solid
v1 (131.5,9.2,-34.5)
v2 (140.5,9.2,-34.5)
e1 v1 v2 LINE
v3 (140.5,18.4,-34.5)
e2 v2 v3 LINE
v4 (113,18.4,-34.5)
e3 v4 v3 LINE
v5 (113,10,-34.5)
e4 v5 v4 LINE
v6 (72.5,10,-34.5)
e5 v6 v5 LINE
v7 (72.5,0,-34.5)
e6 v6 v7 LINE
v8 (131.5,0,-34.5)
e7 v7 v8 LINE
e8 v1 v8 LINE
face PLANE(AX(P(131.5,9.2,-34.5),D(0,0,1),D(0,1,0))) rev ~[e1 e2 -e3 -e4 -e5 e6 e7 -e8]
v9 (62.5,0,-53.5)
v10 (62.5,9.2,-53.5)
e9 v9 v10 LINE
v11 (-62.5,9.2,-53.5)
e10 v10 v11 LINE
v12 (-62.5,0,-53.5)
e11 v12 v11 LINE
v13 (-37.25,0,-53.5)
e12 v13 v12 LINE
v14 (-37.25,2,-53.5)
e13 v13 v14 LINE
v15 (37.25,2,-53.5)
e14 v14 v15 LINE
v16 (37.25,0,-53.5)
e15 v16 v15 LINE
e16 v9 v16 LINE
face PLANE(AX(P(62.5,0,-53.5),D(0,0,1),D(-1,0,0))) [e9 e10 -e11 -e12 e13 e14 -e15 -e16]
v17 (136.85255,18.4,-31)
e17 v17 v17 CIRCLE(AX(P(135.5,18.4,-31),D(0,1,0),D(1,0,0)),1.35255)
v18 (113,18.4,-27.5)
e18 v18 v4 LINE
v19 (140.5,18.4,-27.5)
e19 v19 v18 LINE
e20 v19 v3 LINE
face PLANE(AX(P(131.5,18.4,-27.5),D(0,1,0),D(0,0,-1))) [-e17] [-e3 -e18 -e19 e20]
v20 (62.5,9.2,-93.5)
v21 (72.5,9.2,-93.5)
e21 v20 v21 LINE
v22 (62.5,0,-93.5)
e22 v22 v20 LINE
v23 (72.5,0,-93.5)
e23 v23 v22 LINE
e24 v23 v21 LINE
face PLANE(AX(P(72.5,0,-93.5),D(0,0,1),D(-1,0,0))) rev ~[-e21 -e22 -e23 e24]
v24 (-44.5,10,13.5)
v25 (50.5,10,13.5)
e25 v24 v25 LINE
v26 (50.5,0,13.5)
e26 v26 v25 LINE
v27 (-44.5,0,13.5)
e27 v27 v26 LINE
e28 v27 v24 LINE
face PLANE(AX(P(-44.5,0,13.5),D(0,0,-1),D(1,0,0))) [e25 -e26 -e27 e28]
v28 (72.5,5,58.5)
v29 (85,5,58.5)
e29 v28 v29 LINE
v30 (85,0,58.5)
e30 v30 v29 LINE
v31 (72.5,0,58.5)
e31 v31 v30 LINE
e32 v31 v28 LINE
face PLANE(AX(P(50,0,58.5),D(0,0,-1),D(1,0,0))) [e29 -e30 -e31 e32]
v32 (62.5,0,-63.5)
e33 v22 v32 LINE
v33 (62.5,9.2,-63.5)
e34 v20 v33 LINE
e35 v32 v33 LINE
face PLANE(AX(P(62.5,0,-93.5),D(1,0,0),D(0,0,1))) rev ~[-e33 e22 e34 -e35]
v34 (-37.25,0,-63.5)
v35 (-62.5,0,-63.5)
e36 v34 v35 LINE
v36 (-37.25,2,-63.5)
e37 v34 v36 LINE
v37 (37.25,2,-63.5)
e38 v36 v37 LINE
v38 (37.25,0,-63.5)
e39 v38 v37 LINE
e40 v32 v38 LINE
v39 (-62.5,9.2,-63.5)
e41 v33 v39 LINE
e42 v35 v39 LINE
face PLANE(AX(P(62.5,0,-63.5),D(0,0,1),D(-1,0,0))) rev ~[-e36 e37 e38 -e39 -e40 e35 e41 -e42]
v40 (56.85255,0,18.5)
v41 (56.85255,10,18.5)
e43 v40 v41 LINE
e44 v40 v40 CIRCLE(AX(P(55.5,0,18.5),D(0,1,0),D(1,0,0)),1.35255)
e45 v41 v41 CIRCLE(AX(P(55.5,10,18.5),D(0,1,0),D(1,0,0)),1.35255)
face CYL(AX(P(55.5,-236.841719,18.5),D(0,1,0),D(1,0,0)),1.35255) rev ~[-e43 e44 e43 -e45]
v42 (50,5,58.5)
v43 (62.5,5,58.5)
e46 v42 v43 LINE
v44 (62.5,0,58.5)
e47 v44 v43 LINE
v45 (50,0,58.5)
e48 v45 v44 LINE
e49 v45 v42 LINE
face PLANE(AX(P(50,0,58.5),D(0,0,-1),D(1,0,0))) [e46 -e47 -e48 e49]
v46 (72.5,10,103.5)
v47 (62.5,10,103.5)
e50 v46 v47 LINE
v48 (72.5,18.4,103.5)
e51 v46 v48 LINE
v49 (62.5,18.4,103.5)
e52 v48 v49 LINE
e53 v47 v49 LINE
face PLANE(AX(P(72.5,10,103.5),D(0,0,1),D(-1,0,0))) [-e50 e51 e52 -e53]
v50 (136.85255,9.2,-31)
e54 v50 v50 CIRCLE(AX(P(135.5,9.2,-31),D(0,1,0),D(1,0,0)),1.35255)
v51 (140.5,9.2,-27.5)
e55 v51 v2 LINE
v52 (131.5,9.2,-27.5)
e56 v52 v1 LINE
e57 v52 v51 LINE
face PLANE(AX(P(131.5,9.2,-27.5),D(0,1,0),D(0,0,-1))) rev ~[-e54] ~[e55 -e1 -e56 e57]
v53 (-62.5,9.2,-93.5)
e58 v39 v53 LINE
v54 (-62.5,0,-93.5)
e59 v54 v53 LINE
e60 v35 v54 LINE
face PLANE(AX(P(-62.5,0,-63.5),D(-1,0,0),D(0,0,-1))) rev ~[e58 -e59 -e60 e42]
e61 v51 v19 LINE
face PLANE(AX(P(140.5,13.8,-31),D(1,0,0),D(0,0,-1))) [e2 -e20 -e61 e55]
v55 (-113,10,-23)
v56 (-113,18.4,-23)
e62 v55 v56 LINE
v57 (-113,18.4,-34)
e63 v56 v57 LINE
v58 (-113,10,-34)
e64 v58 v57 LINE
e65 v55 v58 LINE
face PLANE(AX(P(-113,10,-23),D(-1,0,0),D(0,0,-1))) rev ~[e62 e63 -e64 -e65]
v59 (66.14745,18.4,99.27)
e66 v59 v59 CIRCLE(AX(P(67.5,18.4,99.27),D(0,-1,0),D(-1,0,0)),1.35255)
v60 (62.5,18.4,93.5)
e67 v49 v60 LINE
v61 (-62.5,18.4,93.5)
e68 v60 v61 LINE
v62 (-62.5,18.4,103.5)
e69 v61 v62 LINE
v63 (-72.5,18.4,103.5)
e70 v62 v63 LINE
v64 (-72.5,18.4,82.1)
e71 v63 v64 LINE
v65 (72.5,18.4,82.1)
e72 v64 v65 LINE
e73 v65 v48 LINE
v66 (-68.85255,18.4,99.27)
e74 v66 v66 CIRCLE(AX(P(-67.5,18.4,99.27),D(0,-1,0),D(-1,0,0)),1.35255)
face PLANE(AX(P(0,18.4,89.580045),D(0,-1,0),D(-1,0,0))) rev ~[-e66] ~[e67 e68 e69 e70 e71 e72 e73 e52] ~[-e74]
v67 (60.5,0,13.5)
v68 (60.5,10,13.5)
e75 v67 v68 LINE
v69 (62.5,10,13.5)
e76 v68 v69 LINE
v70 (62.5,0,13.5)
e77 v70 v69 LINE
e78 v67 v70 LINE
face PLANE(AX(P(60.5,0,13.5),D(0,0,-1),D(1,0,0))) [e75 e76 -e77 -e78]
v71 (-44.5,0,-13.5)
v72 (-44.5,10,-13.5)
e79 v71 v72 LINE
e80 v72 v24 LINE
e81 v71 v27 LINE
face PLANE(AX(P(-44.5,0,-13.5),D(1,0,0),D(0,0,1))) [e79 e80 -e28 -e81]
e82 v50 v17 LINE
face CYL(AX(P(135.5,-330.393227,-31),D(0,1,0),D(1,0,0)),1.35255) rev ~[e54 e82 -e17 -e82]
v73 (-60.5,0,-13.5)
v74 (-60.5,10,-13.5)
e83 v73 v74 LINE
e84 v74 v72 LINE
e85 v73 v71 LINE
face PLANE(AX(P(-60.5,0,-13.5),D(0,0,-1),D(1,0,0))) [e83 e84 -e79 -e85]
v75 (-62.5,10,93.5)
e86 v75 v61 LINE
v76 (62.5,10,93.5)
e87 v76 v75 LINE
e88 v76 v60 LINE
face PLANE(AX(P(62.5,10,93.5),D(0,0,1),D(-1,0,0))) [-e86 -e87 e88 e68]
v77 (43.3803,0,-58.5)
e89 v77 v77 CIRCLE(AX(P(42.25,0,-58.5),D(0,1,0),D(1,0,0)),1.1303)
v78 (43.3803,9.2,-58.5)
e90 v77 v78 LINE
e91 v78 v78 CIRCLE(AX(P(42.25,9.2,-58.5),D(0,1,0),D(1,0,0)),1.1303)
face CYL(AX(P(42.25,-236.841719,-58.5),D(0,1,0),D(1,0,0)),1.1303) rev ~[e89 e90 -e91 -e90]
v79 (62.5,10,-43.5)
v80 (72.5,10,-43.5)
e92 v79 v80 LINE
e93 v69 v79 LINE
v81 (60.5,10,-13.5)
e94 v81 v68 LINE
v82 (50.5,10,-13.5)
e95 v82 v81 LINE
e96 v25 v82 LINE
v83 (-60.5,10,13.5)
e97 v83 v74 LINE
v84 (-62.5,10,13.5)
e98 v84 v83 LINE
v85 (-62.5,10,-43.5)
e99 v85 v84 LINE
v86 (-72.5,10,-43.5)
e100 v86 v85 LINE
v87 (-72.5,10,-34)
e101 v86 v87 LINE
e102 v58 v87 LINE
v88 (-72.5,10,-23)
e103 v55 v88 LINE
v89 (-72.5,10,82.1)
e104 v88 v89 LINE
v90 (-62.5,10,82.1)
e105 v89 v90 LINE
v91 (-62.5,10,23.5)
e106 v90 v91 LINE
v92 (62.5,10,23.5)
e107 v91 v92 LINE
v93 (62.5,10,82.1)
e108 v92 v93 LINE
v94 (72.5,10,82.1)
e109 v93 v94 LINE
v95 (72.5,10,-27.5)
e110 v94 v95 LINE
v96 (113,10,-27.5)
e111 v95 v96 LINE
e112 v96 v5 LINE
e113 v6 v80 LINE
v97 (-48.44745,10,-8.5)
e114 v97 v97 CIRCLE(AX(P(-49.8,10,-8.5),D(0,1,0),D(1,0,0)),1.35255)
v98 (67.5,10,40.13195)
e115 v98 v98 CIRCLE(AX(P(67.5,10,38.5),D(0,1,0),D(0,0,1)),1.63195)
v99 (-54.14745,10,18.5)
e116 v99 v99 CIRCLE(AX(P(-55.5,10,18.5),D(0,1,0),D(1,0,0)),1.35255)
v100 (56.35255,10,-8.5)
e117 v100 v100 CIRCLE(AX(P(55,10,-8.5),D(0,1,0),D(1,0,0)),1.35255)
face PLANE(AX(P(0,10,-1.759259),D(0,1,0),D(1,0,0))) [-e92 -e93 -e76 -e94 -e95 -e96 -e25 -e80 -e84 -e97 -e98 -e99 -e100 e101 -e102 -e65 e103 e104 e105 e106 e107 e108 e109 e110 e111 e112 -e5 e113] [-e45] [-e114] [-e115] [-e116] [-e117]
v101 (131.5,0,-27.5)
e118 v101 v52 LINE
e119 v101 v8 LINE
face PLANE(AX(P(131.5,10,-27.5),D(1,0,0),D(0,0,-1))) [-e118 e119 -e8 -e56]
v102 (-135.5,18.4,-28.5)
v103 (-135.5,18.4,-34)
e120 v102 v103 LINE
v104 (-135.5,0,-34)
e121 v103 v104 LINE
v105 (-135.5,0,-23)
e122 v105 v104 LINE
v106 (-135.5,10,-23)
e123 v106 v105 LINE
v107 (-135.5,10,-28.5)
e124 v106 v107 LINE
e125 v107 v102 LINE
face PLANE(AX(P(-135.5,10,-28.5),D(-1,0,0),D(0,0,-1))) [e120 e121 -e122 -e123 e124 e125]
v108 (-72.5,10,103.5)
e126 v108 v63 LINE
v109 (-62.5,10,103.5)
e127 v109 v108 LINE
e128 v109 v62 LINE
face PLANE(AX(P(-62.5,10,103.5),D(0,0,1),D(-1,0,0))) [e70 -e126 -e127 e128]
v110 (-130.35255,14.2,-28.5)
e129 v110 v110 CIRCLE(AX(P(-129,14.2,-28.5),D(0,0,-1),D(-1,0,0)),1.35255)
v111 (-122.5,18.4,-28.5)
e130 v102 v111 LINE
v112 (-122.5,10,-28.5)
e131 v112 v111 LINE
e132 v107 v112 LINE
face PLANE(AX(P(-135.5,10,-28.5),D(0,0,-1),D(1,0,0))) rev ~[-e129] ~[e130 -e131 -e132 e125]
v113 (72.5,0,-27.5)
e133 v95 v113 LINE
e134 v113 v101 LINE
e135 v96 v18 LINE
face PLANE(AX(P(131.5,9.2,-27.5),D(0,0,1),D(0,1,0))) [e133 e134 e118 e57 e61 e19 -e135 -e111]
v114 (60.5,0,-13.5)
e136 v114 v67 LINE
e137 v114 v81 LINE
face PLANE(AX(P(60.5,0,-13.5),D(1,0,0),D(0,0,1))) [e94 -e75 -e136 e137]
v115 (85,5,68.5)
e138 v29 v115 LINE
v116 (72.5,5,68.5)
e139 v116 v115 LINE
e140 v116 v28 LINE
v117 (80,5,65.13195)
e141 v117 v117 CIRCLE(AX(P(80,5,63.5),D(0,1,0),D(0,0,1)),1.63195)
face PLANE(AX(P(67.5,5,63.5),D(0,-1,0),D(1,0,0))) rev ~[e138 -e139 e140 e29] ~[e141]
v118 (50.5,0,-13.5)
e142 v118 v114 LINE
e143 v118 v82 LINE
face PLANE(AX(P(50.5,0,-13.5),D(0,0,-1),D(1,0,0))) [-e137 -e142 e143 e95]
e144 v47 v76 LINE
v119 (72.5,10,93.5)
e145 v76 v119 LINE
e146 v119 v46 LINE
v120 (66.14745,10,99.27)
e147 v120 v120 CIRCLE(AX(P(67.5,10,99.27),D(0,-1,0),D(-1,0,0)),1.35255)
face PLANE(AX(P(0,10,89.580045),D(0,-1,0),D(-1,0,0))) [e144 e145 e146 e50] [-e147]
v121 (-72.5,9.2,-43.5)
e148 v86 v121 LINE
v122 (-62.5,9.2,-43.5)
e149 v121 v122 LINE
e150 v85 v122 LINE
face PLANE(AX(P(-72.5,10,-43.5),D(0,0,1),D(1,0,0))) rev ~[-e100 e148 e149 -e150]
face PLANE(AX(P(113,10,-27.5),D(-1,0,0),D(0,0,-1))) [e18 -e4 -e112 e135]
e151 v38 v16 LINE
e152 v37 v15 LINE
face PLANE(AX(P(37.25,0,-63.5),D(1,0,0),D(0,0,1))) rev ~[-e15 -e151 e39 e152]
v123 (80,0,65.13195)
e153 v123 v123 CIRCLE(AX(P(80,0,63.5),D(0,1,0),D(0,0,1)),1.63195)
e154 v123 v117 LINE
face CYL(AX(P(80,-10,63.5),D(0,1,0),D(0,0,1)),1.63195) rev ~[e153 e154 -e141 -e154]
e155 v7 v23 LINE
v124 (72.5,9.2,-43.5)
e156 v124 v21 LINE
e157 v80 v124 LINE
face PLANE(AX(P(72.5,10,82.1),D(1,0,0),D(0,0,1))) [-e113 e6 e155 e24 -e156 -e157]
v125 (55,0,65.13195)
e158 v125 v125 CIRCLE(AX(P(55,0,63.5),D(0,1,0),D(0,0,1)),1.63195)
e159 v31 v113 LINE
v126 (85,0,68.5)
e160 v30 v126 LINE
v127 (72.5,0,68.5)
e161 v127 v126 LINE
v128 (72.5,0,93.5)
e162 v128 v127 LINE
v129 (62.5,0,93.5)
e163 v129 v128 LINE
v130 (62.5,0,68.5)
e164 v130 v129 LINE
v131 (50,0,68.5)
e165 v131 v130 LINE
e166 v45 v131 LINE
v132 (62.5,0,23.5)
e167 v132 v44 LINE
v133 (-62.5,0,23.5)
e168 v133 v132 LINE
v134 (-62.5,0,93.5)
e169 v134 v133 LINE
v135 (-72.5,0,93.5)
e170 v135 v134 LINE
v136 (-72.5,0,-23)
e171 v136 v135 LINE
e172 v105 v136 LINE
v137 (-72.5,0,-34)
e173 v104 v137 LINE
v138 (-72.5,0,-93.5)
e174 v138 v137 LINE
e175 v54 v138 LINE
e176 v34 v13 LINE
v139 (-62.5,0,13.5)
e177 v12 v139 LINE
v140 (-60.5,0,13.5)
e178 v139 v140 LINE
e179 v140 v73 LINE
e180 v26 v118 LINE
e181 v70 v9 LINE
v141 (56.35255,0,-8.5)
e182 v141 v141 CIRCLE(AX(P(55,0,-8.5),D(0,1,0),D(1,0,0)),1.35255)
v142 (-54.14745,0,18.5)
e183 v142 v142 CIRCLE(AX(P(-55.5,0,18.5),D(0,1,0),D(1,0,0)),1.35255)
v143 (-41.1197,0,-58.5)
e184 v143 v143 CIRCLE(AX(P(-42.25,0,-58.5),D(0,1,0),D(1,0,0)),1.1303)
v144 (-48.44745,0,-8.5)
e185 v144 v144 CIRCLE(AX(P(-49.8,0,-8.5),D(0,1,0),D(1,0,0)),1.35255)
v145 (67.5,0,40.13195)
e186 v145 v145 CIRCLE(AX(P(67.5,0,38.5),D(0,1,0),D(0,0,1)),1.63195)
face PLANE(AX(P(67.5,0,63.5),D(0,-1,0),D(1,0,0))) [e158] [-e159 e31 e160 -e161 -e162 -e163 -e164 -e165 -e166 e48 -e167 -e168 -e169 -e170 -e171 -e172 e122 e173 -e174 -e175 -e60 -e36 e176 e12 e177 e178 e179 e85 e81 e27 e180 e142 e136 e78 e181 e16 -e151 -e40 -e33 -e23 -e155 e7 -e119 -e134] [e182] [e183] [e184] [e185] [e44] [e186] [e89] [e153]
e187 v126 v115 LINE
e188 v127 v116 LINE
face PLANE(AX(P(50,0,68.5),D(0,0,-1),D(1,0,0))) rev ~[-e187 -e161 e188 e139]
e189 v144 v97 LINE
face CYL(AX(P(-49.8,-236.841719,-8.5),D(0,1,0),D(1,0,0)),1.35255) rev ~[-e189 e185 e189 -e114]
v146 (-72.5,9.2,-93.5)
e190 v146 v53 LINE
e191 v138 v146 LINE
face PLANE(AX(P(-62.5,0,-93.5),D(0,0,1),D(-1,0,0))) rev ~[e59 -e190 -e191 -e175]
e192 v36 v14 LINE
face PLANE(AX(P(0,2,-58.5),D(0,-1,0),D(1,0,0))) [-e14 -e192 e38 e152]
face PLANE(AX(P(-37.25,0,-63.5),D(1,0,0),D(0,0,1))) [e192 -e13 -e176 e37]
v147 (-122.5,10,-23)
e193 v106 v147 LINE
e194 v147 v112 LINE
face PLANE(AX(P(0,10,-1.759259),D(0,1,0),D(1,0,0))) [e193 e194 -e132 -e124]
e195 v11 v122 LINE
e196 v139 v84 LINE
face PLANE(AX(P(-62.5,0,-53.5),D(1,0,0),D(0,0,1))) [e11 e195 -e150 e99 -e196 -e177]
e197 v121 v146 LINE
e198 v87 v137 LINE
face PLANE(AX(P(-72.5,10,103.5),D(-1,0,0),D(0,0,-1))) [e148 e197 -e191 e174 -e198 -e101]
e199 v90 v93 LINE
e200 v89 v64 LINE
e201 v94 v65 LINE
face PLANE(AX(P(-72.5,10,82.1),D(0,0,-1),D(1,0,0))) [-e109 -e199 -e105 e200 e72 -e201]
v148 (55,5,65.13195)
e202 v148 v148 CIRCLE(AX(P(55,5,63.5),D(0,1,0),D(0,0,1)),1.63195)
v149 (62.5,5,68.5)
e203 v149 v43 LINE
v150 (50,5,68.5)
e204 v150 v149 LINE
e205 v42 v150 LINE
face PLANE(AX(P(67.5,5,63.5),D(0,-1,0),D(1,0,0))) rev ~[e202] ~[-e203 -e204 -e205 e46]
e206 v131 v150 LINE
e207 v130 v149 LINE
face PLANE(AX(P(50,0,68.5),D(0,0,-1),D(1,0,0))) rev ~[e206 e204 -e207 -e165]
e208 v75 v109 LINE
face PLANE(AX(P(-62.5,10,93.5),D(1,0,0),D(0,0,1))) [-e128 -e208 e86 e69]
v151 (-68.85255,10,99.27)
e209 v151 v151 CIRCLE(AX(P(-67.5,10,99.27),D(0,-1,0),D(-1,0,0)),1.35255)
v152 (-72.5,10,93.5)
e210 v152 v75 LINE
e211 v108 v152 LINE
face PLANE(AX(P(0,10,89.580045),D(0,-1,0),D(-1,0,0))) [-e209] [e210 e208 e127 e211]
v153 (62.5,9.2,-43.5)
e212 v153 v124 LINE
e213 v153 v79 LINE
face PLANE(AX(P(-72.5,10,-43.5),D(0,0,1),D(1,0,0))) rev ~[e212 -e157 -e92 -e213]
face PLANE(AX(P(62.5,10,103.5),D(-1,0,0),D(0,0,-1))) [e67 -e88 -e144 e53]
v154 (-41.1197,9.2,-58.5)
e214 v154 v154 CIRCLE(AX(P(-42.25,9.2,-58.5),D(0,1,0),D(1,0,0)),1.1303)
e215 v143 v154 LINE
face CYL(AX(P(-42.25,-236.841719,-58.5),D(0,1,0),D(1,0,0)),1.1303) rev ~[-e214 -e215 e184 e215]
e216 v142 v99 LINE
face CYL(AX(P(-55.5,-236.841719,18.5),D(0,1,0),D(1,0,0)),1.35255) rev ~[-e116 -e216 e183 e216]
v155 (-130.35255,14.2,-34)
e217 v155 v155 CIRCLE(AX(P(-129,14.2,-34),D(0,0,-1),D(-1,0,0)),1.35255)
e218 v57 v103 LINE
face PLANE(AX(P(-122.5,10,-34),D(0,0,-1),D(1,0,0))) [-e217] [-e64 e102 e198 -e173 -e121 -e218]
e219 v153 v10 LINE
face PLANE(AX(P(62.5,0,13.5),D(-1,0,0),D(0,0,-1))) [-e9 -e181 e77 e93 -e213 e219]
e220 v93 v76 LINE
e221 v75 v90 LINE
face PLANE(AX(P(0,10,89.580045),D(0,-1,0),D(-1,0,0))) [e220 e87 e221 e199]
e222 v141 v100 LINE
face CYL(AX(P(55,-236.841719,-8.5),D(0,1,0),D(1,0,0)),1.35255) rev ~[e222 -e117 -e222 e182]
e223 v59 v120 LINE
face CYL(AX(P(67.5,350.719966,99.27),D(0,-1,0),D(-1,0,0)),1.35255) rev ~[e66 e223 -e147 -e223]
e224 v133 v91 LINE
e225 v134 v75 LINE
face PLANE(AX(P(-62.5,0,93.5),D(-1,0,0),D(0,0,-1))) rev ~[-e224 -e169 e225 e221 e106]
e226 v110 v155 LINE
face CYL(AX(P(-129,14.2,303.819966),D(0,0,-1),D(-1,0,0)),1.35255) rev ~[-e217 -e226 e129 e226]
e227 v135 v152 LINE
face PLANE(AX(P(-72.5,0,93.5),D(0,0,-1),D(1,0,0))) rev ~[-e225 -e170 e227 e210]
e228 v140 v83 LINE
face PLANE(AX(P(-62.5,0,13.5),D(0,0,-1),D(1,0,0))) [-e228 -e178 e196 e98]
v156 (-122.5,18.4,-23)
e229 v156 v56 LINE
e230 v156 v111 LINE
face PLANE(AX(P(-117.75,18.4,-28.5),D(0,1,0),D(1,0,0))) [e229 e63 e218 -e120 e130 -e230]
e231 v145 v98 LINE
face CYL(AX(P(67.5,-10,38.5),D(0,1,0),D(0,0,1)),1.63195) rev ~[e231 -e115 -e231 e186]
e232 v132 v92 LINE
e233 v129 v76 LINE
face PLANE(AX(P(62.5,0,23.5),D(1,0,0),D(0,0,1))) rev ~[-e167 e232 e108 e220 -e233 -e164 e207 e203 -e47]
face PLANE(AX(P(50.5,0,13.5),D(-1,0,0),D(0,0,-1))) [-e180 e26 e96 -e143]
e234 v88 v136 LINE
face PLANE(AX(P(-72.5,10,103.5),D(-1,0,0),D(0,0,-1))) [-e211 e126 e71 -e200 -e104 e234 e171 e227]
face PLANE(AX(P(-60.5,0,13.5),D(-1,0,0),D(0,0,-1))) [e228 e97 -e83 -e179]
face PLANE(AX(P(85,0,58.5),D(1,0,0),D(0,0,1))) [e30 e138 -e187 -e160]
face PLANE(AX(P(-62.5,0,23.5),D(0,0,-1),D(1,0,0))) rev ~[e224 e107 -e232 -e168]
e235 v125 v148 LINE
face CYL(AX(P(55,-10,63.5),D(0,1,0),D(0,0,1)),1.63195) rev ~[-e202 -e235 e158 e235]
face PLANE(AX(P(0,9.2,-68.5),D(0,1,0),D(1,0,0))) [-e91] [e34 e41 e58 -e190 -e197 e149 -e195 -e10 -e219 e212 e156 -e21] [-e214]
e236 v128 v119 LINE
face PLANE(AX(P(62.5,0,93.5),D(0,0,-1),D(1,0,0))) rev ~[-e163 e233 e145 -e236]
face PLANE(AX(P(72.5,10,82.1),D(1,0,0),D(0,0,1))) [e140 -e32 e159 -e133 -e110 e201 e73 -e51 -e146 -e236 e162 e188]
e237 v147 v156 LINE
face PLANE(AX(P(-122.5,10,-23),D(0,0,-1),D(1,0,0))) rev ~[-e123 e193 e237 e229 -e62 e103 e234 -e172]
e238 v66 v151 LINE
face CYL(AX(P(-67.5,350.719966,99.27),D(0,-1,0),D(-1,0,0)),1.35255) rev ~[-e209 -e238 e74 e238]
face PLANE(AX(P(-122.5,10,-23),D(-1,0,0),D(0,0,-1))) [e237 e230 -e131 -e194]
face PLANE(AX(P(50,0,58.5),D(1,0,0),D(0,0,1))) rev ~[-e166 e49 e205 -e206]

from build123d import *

# Parameters (mm, degrees)
FRAME_DEPTH                = 10
SKETCH10_W                 = 145
SKETCH10_H                 = 50
CUT_EXTRUDE1_DEPTH         = 0.8
F_6_32_TAPPED_HOLE2_D      = 2.7051
F_4_40_TAPPED_HOLE1_D      = 2.2606
BOTTOM_LEGS_DEPTH          = 8.4
SIDE_ARMS_S_W              = 63
SIDE_ARMS_S_H              = 11
SIDE_ARMS_S_W_2            = 59
SIDE_ARMS_S_H_2            = 7
SIDE_ARMS_DEPTH            = 10
SIDE_TABS_S_W              = 13
SIDE_TABS_S_H              = 5.5
SIDE_TABS_S_W_2            = 9
SIDE_TABS_S_H_2            = 7
SIDE_TABS_DEPTH            = 8.4
BOTTOM_SCREWS_D            = 2.7051
LEFT_SCREW_D               = 2.7051
RIGHT_FOOT_S_W             = 7
RIGHT_FOOT_S_H             = 9.2
RIGHT_FOOT_DEPTH           = 9
RIGHT_SCREW_D              = 2.7051
CONTROL_BOARD_RELIEF_S_W   = 74.5
CONTROL_BOARD_RELIEF_S_H   = 10
CONTROL_BOARD_RELIEF_DEPTH = 2
MONITOR_SIDE_GUIDES_S_W    = 9.5
MONITOR_SIDE_GUIDES_S_H    = 11
MONITOR_SIDE_GUIDES_S_H_2  = 7
SIDE_MONITOR_GUIDES_DEPTH  = 8.4
LED_BOARD_S_W              = 35
LED_BOARD_S_H              = 10
LED_BOARD_DEPTH            = 5
F_4_CLEARANCE_HOLE1_D      = 3.2639
F_4_CLEARANCE_HOLE1_DEPTH  = 10


with BuildPart() as part:
    # Sketch1 → frame (new body)
    with BuildSketch(Plane(origin=(0, 0, 0), x_dir=(1, 0, 0), z_dir=(0, 1, 0))):
        Polygon((-72.5, 93.5), (-72.5, -93.5), (-62.5, -93.5), (-62.5, -23.5), (62.5, -23.5), (62.5, -93.5), (72.5, -93.5), (72.5, 93.5), (62.5, 93.5), (62.5, 63.5), (-62.5, 63.5), (-62.5, 93.5), align=None)
        Polygon((-62.5, -13.5), (-60.5, -13.5), (-60.5, 13.5), (-44.5, 13.5), (-44.5, -13.5), (50.5, -13.5), (50.5, 13.5), (60.5, 13.5), (60.5, -13.5), (62.5, -13.5), (62.5, 53.5), (-62.5, 53.5), align=None, mode=Mode.SUBTRACT)
    extrude(amount=FRAME_DEPTH)

    # Sketch10 → Cut-Extrude1 (cut)
    with BuildSketch(Plane(origin=(0, 10, 0), x_dir=(1, 0, 0), z_dir=(0, 1, 0))):
        with Locations((0, 68.5)):
            Rectangle(SKETCH10_W, SKETCH10_H)
    extrude(amount=-CUT_EXTRUDE1_DEPTH, mode=Mode.SUBTRACT)

    # #6-32 Tapped Hole2 (through all)
    with Locations(Plane(origin=(0, 0, 0), x_dir=(-1, 0, 0), z_dir=(0, -1, 0))):
        with Locations((55.5, -18.5), (49.8, 8.5), (-55, 8.5), (-55.5, -18.5)):
            Hole(F_6_32_TAPPED_HOLE2_D / 2)

    # #4-40 Tapped Hole1 (through all)
    with Locations(Plane(origin=(0, 0, 0), x_dir=(-1, 0, 0), z_dir=(0, -1, 0))):
        with Locations((42.25, 58.5), (-42.25, 58.5)):
            Hole(F_4_40_TAPPED_HOLE1_D / 2)

    # bottom-legs-s → bottom-legs (add)
    with BuildSketch(Plane(origin=(0, 10, 0), x_dir=(1, 0, 0), z_dir=(0, 1, 0))):
        Polygon((-72.5, -103.5), (-72.5, -82.1), (72.5, -82.1), (72.5, -103.5), (62.5, -103.5), (62.5, -93.5), (-62.5, -93.5), (-62.5, -103.5), align=None)
    extrude(amount=BOTTOM_LEGS_DEPTH)

    # side-arms-s → side-arms (add)
    with BuildSketch(Plane(origin=(0, 10, 0), x_dir=(1, 0, 0), z_dir=(0, 1, 0))):
        with Locations((-104, 28.5)):
            Rectangle(SIDE_ARMS_S_W, SIDE_ARMS_S_H)
        with Locations((102, 31)):
            Rectangle(SIDE_ARMS_S_W_2, SIDE_ARMS_S_H_2)
    extrude(amount=-SIDE_ARMS_DEPTH)

    # side-tabs-s → side-tabs (add)
    with BuildSketch(Plane(origin=(0, 10, 0), x_dir=(1, 0, 0), z_dir=(0, 1, 0))):
        with Locations((-129, 31.25)):
            Rectangle(SIDE_TABS_S_W, SIDE_TABS_S_H)
        with Locations((127, 31)):
            Rectangle(SIDE_TABS_S_W_2, SIDE_TABS_S_H_2)
    extrude(amount=SIDE_TABS_DEPTH)

    # bottom-screws (through all)
    with Locations(Plane(origin=(0, 18.4, 0), x_dir=(1, 0, 0), z_dir=(0, 1, 0))):
        with Locations((-67.5, -99.27), (67.5, -99.27)):
            Hole(BOTTOM_SCREWS_D / 2)

    # left-screw (through all)
    with Locations(Plane.XY.offset(-28.5)):
        with Locations((-129, 14.2)):
            Hole(LEFT_SCREW_D / 2)

    # right-foot-s → right-foot (add)
    with BuildSketch(Plane(origin=(131.5, 0, 0), x_dir=(0, 0, -1), z_dir=(1, 0, 0))):
        with Locations((31, 13.8)):
            Rectangle(RIGHT_FOOT_S_W, RIGHT_FOOT_S_H)
    extrude(amount=RIGHT_FOOT_DEPTH)

    # right-screw (through all)
    with Locations(Plane(origin=(0, 9.2, 0), x_dir=(-1, 0, 0), z_dir=(0, -1, 0))):
        with Locations((-135.5, 31)):
            Hole(RIGHT_SCREW_D / 2)

    # control-board-relief-s → control-board-relief (cut)
    with BuildSketch(Plane.XZ):
        with Locations((0, -58.5)):
            Rectangle(CONTROL_BOARD_RELIEF_S_W, CONTROL_BOARD_RELIEF_S_H)
    extrude(amount=-CONTROL_BOARD_RELIEF_DEPTH, mode=Mode.SUBTRACT)

    # monitor-side-guides-s → side-monitor-guides (add)
    with BuildSketch(Plane(origin=(0, 10, 0), x_dir=(1, 0, 0), z_dir=(0, 1, 0))):
        with Locations((-117.75, 28.5)):
            Rectangle(MONITOR_SIDE_GUIDES_S_W, MONITOR_SIDE_GUIDES_S_H)
        with Locations((117.75, 31)):
            Rectangle(MONITOR_SIDE_GUIDES_S_W, MONITOR_SIDE_GUIDES_S_H_2)
    extrude(amount=SIDE_MONITOR_GUIDES_DEPTH)

    # led-board-s → led-board (add)
    with BuildSketch(Plane.XZ):
        with Locations((67.5, 63.5)):
            Rectangle(LED_BOARD_S_W, LED_BOARD_S_H)
    extrude(amount=-LED_BOARD_DEPTH)

    # #4 Clearance Hole1
    with Locations(Plane(origin=(67.5, 0, 38.5), x_dir=(0, 0, -1), z_dir=(0, -1, 0))):
        with Locations((0, 0), (-25, 12.5), (-25, -12.5)):
            Hole(F_4_CLEARANCE_HOLE1_D / 2, depth=F_4_CLEARANCE_HOLE1_DEPTH)


solid = part.part
